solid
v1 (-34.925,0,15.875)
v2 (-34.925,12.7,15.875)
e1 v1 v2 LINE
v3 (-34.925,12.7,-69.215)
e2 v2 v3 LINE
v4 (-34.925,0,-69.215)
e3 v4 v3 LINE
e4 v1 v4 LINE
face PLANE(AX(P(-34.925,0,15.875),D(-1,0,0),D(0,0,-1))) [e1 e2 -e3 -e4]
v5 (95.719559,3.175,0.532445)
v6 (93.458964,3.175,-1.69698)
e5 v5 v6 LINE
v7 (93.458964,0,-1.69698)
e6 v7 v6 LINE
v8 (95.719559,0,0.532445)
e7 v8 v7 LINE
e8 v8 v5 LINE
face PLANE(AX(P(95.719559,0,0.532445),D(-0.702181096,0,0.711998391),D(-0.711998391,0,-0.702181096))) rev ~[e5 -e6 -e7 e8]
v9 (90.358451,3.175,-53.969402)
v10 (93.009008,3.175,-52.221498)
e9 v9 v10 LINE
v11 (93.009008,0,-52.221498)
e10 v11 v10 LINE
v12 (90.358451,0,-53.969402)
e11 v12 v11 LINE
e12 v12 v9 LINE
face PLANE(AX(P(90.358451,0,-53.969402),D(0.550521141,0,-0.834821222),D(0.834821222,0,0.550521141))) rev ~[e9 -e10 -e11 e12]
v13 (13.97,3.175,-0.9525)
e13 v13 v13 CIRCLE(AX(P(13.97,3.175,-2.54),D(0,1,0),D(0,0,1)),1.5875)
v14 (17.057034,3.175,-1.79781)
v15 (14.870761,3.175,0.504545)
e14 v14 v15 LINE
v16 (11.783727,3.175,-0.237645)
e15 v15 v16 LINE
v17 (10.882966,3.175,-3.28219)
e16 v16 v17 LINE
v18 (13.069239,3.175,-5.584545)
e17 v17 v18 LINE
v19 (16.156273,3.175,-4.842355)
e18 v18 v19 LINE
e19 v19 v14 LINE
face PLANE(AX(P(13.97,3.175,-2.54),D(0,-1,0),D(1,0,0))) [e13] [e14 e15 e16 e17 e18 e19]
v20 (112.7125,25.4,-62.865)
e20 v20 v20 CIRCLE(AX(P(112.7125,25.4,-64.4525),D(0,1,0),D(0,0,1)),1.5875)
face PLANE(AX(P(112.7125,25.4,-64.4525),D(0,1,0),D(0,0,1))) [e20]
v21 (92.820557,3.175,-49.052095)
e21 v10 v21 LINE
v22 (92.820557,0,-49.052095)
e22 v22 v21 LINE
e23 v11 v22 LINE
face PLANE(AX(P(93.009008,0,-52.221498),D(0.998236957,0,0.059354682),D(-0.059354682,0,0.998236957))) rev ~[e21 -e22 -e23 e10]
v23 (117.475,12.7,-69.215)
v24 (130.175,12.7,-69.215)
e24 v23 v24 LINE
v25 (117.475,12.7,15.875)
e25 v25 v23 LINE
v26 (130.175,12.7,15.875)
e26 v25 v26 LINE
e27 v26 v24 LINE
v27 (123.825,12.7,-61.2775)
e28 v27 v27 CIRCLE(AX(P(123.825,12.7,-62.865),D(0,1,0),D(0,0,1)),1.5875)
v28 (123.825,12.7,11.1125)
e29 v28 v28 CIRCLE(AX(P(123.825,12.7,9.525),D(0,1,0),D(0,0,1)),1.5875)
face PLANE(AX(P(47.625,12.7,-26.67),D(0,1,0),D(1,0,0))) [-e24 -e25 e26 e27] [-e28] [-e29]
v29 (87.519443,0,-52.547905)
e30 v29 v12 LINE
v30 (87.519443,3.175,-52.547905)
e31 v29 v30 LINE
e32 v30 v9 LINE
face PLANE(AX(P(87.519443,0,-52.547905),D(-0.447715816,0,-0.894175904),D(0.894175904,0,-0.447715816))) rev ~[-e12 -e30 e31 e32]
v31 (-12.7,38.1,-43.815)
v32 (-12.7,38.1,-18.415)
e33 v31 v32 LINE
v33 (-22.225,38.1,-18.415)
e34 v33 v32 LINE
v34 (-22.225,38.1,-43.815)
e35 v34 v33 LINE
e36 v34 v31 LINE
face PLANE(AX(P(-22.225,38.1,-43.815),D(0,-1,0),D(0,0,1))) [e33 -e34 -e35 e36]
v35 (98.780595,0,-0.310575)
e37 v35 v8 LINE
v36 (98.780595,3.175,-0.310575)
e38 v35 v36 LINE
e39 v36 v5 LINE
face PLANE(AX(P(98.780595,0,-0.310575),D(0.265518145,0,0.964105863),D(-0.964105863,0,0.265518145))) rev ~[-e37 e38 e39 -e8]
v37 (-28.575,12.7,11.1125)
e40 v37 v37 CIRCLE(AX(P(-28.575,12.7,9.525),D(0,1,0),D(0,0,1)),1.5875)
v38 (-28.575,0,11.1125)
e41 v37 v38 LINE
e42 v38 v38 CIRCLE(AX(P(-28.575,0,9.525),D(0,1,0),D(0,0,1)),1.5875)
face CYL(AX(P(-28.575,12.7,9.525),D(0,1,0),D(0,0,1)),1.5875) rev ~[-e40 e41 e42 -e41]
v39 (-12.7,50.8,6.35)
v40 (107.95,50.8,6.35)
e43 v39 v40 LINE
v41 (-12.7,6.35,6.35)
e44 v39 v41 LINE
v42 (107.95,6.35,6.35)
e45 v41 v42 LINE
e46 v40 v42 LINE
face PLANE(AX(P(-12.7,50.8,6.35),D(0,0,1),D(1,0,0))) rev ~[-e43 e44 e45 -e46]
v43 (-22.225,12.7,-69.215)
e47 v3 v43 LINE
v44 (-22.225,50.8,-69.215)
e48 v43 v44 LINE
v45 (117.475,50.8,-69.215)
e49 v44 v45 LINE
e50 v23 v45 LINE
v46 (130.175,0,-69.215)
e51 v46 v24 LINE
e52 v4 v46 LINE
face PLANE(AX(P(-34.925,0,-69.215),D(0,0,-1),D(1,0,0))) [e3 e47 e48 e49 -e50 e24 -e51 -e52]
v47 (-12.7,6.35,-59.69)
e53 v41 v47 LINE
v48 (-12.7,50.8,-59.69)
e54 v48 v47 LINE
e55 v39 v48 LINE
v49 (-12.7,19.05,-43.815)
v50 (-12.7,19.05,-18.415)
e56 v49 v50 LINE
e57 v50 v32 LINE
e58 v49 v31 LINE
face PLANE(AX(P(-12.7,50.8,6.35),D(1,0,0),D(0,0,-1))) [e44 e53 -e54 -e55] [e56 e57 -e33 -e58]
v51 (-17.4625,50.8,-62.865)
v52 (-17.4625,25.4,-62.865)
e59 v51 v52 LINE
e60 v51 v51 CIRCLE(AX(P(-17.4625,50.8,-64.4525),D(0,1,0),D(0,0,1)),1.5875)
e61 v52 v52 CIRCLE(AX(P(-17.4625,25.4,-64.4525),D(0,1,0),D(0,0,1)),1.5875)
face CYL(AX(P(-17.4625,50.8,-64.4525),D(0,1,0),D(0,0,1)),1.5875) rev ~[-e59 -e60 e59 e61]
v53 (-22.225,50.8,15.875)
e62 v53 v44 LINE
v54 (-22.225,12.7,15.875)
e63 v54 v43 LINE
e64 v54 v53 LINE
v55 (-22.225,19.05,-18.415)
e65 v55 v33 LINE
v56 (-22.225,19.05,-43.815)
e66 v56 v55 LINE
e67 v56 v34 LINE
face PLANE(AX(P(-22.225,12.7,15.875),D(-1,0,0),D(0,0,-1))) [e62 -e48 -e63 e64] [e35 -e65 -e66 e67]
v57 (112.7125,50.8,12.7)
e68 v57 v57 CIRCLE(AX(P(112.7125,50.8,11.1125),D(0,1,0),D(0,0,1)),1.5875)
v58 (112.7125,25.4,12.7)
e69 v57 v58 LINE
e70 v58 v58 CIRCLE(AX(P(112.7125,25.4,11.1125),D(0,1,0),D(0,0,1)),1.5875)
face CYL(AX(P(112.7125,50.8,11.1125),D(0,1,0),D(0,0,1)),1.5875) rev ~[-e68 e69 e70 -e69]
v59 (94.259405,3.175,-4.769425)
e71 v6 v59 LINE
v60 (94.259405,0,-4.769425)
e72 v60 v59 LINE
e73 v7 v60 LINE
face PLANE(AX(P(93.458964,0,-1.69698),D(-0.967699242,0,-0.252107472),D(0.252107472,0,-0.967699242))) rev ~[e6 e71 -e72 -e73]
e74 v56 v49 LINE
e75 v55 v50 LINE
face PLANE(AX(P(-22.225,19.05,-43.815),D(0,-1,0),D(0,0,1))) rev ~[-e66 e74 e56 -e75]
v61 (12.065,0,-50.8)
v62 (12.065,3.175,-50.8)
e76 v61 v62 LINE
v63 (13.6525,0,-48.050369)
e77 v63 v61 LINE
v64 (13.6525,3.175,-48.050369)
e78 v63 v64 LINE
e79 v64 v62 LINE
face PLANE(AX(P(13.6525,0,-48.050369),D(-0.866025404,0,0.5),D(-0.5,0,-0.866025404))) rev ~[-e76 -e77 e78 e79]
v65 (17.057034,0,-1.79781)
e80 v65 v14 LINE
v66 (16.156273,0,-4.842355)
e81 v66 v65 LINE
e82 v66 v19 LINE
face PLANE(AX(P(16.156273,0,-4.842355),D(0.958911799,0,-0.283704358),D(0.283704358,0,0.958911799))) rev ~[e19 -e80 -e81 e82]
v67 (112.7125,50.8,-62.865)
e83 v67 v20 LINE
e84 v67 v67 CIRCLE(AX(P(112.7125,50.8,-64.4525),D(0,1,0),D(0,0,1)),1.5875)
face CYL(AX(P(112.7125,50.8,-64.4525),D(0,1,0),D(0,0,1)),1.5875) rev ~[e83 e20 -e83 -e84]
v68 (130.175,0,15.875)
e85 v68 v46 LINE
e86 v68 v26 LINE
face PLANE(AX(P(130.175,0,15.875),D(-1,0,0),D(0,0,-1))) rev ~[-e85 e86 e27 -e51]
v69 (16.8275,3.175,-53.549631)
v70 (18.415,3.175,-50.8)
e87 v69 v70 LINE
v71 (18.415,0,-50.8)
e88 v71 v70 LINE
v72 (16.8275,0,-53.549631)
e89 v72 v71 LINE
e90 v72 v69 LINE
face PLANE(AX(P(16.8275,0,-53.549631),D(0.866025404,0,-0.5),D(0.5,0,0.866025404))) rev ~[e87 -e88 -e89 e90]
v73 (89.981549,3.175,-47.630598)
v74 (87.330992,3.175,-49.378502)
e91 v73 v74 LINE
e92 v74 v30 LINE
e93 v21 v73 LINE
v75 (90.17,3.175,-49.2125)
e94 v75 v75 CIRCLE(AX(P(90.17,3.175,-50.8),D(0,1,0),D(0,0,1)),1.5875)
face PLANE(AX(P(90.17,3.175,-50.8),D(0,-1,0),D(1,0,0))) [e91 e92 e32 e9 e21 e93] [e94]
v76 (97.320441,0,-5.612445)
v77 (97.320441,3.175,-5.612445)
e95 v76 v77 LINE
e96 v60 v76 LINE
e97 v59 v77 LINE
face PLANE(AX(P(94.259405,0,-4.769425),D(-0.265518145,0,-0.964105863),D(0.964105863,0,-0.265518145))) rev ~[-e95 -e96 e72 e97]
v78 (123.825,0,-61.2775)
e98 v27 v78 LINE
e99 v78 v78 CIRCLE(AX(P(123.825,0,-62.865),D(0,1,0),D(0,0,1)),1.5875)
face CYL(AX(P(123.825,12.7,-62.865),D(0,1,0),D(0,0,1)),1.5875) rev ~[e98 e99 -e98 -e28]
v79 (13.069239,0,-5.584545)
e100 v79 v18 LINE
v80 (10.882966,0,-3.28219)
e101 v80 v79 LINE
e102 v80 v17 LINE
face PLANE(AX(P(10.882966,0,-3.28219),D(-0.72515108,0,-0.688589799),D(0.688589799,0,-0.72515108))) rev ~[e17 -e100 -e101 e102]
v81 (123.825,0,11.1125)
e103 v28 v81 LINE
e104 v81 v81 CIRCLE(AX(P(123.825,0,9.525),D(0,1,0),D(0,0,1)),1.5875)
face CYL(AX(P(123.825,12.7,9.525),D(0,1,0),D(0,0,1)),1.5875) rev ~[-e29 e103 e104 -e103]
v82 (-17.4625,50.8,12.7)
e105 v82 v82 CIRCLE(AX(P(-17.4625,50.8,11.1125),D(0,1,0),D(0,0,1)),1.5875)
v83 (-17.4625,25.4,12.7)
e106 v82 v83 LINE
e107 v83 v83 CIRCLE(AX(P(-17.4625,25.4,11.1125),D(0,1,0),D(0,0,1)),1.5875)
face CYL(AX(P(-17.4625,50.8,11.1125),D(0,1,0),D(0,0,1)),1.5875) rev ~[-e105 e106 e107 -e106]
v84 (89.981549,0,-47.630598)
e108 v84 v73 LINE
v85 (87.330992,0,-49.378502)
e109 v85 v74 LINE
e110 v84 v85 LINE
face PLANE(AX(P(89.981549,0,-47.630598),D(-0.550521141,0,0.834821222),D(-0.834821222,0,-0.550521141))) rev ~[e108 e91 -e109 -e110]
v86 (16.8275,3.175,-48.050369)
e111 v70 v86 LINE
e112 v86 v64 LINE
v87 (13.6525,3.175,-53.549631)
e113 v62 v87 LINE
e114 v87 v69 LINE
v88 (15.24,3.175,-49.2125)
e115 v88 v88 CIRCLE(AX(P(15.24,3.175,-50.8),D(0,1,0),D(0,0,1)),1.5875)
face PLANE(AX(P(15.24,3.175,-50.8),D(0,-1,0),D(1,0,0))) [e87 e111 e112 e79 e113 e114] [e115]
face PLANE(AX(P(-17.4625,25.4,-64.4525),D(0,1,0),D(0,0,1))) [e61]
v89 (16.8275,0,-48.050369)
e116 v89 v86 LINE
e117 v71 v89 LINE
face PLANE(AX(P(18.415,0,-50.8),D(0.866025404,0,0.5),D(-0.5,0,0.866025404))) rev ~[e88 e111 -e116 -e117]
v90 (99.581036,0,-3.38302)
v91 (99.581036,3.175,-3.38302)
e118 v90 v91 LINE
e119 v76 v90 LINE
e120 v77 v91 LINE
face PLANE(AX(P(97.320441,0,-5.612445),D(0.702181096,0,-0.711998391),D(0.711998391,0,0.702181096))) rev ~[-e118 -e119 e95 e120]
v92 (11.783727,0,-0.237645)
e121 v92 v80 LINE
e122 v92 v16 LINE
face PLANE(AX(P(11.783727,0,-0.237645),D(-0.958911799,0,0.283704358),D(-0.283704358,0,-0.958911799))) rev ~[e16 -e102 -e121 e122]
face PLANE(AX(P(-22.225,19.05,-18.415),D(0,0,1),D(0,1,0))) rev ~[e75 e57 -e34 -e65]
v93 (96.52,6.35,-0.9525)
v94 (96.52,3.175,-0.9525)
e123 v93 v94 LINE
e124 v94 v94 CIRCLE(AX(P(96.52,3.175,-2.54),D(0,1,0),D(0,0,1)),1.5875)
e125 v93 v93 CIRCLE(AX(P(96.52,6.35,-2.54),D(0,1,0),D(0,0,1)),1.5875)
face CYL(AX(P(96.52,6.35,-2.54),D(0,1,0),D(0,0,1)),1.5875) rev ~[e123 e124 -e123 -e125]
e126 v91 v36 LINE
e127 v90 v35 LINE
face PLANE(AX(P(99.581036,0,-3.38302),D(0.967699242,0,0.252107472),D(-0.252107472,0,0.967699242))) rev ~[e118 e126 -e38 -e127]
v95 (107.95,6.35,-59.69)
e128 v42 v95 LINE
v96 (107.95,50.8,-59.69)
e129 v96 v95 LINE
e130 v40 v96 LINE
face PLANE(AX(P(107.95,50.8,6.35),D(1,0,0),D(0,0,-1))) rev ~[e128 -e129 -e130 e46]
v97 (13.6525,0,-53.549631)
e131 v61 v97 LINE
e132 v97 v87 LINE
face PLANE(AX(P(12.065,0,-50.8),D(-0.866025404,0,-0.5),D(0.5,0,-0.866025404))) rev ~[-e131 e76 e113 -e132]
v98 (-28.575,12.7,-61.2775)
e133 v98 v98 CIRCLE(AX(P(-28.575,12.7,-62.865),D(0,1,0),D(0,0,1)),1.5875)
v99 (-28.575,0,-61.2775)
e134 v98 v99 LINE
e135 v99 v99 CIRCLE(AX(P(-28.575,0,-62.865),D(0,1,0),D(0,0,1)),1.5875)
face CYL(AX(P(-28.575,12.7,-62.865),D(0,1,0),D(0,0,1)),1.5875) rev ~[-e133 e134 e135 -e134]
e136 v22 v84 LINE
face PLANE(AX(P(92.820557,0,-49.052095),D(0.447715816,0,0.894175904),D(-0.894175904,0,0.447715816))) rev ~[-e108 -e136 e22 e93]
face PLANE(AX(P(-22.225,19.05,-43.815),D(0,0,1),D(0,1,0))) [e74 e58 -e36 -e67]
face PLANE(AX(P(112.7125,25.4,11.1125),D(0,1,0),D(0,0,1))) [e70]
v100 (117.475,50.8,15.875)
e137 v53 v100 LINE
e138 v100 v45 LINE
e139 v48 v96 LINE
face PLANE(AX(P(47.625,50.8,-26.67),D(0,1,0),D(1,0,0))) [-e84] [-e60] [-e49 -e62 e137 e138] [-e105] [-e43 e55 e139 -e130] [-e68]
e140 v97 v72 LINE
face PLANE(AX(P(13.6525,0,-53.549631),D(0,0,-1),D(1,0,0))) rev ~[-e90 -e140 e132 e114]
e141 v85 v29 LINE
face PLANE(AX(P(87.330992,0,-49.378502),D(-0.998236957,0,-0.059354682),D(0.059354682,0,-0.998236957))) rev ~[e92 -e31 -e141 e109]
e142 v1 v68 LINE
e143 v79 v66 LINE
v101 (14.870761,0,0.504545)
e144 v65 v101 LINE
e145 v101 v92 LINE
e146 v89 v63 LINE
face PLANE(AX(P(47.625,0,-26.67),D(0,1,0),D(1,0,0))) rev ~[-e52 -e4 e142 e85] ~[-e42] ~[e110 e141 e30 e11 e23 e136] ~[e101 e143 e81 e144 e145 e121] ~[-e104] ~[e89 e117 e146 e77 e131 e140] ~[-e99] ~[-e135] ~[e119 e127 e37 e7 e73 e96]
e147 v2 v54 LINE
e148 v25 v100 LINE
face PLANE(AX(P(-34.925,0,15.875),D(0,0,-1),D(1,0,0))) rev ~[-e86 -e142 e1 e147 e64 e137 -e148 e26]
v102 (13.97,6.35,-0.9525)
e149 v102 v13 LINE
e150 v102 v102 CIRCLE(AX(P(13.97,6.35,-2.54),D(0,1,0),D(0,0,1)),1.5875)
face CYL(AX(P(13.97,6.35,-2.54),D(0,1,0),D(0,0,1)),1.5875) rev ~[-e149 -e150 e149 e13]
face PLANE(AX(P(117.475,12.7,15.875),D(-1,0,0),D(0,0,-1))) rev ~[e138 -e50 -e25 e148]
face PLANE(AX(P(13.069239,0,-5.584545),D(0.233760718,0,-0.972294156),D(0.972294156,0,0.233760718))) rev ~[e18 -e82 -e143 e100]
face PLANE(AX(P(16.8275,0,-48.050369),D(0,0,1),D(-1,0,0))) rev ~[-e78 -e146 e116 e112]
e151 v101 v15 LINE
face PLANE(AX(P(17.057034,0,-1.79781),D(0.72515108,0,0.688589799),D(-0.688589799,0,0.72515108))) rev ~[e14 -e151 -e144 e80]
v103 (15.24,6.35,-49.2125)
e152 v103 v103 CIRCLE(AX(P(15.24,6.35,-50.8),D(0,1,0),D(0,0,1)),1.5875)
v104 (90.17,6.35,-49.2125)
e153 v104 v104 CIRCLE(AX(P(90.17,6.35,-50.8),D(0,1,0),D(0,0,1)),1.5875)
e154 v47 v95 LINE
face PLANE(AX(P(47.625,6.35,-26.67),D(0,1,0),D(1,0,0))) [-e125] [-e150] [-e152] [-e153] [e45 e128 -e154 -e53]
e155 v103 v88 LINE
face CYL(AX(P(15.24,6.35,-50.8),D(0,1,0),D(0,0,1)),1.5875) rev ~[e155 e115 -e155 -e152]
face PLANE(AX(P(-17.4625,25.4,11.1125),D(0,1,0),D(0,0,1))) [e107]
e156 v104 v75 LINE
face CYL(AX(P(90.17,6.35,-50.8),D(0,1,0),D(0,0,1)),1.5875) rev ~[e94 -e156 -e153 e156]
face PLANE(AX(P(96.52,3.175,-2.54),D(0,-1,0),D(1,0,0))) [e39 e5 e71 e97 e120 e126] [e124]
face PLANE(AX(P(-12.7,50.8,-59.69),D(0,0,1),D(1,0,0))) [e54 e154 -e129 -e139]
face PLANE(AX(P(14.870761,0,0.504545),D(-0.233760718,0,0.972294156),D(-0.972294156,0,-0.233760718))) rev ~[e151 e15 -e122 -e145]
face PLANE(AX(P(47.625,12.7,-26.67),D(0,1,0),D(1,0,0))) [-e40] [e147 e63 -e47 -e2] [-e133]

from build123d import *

# Parameters (mm, degrees)
SKETCH1_W           = 165.1
SKETCH1_H           = 85.09
BOSS_EXTRUDE2_DEPTH = 12.7
SKETCH3_W           = 139.7
SKETCH3_H           = 85.09
BOSS_EXTRUDE3_DEPTH = 38.1
SKETCH4_W           = 120.65
SKETCH4_H           = 66.04
CUT_EXTRUDE1_DEPTH  = 44.45
SKETCH5_R           = 1.5875
CUT_EXTRUDE3_DEPTH  = 154.98717268
SKETCH8_R           = 1.5875
CUT_EXTRUDE4_DEPTH  = 25.4
SKETCH11_R          = 1.5875
CUT_EXTRUDE6_DEPTH  = 153.275595057
CUT_EXTRUDE7_DEPTH  = 3.175
CUT_EXTRUDE8_REACH  = 176.92
SKETCH15_W          = 25.4
SKETCH15_H          = 19.05


with BuildPart() as part:
    # Sketch1 → Boss-Extrude2 (new body)
    with BuildSketch(Plane(origin=(0, 0, 0), x_dir=(1, 0, 0), z_dir=(0, 1, 0))):
        with Locations((47.625, 26.67)):
            Rectangle(SKETCH1_W, SKETCH1_H)
    extrude(amount=BOSS_EXTRUDE2_DEPTH)

    # Sketch3 → Boss-Extrude3 (add)
    with BuildSketch(Plane(origin=(0, 12.7, 0), x_dir=(1, 0, 0), z_dir=(0, 1, 0))):
        with Locations((47.625, 26.67)):
            Rectangle(SKETCH3_W, SKETCH3_H)
    extrude(amount=BOSS_EXTRUDE3_DEPTH)

    # Sketch4 → Cut-Extrude1 (cut)
    with BuildSketch(Plane(origin=(0, 50.8, 0), x_dir=(1, 0, 0), z_dir=(0, 1, 0))):
        with Locations((47.625, 26.67)):
            Rectangle(SKETCH4_W, SKETCH4_H)
    extrude(amount=-CUT_EXTRUDE1_DEPTH, mode=Mode.SUBTRACT)

    # Sketch5 → Cut-Extrude3 (cut, through all)
    with BuildSketch(Plane(origin=(0, 6.35, 0), x_dir=(1, 0, 0), z_dir=(0, 1, 0))):
        with Locations(Location((15.24, 50.8, 0), (0, 0, 270))):
            Circle(SKETCH5_R)
        with Locations(Location((13.97, 2.54, 0), (0, 0, 270))):
            Circle(SKETCH5_R)
        with Locations(Location((90.17, 50.8, 0), (0, 0, 270))):
            Circle(SKETCH5_R)
        with Locations(Location((96.52, 2.54, 0), (0, 0, 270))):
            Circle(SKETCH5_R)
    extrude(amount=-CUT_EXTRUDE3_DEPTH, mode=Mode.SUBTRACT)

    # Sketch8 → Cut-Extrude4 (cut)
    with BuildSketch(Plane(origin=(0, 50.8, 0), x_dir=(1, 0, 0), z_dir=(0, 1, 0))):
        with Locations(Location((-17.4625, 64.4525, 0), (0, 0, 270))):
            Circle(SKETCH8_R)
        with Locations(Location((-17.4625, -11.1125, 0), (0, 0, 270))):
            Circle(SKETCH8_R)
        with Locations(Location((112.7125, -11.1125, 0), (0, 0, 270))):
            Circle(SKETCH8_R)
        with Locations(Location((112.7125, 64.4525, 0), (0, 0, 270))):
            Circle(SKETCH8_R)
    extrude(amount=-CUT_EXTRUDE4_DEPTH, mode=Mode.SUBTRACT)

    # Sketch11 → Cut-Extrude6 (cut, through all)
    with BuildSketch(Plane(origin=(0, 12.7, 0), x_dir=(1, 0, 0), z_dir=(0, 1, 0))):
        with Locations(Location((-28.575, 62.865, 0), (0, 0, 270))):
            Circle(SKETCH11_R)
        with Locations(Location((-28.575, -9.525, 0), (0, 0, 270))):
            Circle(SKETCH11_R)
        with Locations(Location((123.825, -9.525, 0), (0, 0, 270))):
            Circle(SKETCH11_R)
        with Locations(Location((123.825, 62.865, 0), (0, 0, 270))):
            Circle(SKETCH11_R)
    extrude(amount=-CUT_EXTRUDE6_DEPTH, mode=Mode.SUBTRACT)

    # Sketch14 → Cut-Extrude7 (cut)
    with BuildSketch(Plane.XZ):
        Polygon((17.057033947, -1.79780972), (14.870761336, 0.50454496), (11.783727389, -0.23764532), (10.882966053, -3.28219028), (13.069238664, -5.58454496), (16.156272611, -4.84235468), align=None)
        Polygon((18.415, -50.8), (16.8275, -48.050369343), (13.6525, -48.050369343), (12.065, -50.8), (13.6525, -53.549630657), (16.8275, -53.549630657), align=None)
        Polygon((93.009008497, -52.221497715), (92.820557381, -49.052095378), (89.981548884, -47.630597662), (87.330991503, -49.378502285), (87.519442619, -52.547904622), (90.358451116, -53.969402338), align=None)
        Polygon((99.581036114, -3.383020112), (98.78059489, -0.310575019), (95.719558776, 0.532445092), (93.458963886, -1.696979888), (94.25940511, -4.769424981), (97.320441224, -5.612445092), align=None)
    extrude(amount=-CUT_EXTRUDE7_DEPTH, mode=Mode.SUBTRACT)

    # Sketch15 → Cut-Extrude8 (cut, up to next)
    with BuildSketch(Plane.ZY.offset(22.225), mode=Mode.PRIVATE) as cut_extrude8_sk1:
        with Locations((-31.115, 28.575)):
            Rectangle(SKETCH15_W, SKETCH15_H)
    cut_extrude8_tool1 = extrude(cut_extrude8_sk1.sketch, amount=-CUT_EXTRUDE8_REACH, mode=Mode.PRIVATE) & part.part
    add(cut_extrude8_tool1.solids().sort_by_distance((-22.225, 28.575, -31.115))[0], mode=Mode.SUBTRACT)


solid = part.part
